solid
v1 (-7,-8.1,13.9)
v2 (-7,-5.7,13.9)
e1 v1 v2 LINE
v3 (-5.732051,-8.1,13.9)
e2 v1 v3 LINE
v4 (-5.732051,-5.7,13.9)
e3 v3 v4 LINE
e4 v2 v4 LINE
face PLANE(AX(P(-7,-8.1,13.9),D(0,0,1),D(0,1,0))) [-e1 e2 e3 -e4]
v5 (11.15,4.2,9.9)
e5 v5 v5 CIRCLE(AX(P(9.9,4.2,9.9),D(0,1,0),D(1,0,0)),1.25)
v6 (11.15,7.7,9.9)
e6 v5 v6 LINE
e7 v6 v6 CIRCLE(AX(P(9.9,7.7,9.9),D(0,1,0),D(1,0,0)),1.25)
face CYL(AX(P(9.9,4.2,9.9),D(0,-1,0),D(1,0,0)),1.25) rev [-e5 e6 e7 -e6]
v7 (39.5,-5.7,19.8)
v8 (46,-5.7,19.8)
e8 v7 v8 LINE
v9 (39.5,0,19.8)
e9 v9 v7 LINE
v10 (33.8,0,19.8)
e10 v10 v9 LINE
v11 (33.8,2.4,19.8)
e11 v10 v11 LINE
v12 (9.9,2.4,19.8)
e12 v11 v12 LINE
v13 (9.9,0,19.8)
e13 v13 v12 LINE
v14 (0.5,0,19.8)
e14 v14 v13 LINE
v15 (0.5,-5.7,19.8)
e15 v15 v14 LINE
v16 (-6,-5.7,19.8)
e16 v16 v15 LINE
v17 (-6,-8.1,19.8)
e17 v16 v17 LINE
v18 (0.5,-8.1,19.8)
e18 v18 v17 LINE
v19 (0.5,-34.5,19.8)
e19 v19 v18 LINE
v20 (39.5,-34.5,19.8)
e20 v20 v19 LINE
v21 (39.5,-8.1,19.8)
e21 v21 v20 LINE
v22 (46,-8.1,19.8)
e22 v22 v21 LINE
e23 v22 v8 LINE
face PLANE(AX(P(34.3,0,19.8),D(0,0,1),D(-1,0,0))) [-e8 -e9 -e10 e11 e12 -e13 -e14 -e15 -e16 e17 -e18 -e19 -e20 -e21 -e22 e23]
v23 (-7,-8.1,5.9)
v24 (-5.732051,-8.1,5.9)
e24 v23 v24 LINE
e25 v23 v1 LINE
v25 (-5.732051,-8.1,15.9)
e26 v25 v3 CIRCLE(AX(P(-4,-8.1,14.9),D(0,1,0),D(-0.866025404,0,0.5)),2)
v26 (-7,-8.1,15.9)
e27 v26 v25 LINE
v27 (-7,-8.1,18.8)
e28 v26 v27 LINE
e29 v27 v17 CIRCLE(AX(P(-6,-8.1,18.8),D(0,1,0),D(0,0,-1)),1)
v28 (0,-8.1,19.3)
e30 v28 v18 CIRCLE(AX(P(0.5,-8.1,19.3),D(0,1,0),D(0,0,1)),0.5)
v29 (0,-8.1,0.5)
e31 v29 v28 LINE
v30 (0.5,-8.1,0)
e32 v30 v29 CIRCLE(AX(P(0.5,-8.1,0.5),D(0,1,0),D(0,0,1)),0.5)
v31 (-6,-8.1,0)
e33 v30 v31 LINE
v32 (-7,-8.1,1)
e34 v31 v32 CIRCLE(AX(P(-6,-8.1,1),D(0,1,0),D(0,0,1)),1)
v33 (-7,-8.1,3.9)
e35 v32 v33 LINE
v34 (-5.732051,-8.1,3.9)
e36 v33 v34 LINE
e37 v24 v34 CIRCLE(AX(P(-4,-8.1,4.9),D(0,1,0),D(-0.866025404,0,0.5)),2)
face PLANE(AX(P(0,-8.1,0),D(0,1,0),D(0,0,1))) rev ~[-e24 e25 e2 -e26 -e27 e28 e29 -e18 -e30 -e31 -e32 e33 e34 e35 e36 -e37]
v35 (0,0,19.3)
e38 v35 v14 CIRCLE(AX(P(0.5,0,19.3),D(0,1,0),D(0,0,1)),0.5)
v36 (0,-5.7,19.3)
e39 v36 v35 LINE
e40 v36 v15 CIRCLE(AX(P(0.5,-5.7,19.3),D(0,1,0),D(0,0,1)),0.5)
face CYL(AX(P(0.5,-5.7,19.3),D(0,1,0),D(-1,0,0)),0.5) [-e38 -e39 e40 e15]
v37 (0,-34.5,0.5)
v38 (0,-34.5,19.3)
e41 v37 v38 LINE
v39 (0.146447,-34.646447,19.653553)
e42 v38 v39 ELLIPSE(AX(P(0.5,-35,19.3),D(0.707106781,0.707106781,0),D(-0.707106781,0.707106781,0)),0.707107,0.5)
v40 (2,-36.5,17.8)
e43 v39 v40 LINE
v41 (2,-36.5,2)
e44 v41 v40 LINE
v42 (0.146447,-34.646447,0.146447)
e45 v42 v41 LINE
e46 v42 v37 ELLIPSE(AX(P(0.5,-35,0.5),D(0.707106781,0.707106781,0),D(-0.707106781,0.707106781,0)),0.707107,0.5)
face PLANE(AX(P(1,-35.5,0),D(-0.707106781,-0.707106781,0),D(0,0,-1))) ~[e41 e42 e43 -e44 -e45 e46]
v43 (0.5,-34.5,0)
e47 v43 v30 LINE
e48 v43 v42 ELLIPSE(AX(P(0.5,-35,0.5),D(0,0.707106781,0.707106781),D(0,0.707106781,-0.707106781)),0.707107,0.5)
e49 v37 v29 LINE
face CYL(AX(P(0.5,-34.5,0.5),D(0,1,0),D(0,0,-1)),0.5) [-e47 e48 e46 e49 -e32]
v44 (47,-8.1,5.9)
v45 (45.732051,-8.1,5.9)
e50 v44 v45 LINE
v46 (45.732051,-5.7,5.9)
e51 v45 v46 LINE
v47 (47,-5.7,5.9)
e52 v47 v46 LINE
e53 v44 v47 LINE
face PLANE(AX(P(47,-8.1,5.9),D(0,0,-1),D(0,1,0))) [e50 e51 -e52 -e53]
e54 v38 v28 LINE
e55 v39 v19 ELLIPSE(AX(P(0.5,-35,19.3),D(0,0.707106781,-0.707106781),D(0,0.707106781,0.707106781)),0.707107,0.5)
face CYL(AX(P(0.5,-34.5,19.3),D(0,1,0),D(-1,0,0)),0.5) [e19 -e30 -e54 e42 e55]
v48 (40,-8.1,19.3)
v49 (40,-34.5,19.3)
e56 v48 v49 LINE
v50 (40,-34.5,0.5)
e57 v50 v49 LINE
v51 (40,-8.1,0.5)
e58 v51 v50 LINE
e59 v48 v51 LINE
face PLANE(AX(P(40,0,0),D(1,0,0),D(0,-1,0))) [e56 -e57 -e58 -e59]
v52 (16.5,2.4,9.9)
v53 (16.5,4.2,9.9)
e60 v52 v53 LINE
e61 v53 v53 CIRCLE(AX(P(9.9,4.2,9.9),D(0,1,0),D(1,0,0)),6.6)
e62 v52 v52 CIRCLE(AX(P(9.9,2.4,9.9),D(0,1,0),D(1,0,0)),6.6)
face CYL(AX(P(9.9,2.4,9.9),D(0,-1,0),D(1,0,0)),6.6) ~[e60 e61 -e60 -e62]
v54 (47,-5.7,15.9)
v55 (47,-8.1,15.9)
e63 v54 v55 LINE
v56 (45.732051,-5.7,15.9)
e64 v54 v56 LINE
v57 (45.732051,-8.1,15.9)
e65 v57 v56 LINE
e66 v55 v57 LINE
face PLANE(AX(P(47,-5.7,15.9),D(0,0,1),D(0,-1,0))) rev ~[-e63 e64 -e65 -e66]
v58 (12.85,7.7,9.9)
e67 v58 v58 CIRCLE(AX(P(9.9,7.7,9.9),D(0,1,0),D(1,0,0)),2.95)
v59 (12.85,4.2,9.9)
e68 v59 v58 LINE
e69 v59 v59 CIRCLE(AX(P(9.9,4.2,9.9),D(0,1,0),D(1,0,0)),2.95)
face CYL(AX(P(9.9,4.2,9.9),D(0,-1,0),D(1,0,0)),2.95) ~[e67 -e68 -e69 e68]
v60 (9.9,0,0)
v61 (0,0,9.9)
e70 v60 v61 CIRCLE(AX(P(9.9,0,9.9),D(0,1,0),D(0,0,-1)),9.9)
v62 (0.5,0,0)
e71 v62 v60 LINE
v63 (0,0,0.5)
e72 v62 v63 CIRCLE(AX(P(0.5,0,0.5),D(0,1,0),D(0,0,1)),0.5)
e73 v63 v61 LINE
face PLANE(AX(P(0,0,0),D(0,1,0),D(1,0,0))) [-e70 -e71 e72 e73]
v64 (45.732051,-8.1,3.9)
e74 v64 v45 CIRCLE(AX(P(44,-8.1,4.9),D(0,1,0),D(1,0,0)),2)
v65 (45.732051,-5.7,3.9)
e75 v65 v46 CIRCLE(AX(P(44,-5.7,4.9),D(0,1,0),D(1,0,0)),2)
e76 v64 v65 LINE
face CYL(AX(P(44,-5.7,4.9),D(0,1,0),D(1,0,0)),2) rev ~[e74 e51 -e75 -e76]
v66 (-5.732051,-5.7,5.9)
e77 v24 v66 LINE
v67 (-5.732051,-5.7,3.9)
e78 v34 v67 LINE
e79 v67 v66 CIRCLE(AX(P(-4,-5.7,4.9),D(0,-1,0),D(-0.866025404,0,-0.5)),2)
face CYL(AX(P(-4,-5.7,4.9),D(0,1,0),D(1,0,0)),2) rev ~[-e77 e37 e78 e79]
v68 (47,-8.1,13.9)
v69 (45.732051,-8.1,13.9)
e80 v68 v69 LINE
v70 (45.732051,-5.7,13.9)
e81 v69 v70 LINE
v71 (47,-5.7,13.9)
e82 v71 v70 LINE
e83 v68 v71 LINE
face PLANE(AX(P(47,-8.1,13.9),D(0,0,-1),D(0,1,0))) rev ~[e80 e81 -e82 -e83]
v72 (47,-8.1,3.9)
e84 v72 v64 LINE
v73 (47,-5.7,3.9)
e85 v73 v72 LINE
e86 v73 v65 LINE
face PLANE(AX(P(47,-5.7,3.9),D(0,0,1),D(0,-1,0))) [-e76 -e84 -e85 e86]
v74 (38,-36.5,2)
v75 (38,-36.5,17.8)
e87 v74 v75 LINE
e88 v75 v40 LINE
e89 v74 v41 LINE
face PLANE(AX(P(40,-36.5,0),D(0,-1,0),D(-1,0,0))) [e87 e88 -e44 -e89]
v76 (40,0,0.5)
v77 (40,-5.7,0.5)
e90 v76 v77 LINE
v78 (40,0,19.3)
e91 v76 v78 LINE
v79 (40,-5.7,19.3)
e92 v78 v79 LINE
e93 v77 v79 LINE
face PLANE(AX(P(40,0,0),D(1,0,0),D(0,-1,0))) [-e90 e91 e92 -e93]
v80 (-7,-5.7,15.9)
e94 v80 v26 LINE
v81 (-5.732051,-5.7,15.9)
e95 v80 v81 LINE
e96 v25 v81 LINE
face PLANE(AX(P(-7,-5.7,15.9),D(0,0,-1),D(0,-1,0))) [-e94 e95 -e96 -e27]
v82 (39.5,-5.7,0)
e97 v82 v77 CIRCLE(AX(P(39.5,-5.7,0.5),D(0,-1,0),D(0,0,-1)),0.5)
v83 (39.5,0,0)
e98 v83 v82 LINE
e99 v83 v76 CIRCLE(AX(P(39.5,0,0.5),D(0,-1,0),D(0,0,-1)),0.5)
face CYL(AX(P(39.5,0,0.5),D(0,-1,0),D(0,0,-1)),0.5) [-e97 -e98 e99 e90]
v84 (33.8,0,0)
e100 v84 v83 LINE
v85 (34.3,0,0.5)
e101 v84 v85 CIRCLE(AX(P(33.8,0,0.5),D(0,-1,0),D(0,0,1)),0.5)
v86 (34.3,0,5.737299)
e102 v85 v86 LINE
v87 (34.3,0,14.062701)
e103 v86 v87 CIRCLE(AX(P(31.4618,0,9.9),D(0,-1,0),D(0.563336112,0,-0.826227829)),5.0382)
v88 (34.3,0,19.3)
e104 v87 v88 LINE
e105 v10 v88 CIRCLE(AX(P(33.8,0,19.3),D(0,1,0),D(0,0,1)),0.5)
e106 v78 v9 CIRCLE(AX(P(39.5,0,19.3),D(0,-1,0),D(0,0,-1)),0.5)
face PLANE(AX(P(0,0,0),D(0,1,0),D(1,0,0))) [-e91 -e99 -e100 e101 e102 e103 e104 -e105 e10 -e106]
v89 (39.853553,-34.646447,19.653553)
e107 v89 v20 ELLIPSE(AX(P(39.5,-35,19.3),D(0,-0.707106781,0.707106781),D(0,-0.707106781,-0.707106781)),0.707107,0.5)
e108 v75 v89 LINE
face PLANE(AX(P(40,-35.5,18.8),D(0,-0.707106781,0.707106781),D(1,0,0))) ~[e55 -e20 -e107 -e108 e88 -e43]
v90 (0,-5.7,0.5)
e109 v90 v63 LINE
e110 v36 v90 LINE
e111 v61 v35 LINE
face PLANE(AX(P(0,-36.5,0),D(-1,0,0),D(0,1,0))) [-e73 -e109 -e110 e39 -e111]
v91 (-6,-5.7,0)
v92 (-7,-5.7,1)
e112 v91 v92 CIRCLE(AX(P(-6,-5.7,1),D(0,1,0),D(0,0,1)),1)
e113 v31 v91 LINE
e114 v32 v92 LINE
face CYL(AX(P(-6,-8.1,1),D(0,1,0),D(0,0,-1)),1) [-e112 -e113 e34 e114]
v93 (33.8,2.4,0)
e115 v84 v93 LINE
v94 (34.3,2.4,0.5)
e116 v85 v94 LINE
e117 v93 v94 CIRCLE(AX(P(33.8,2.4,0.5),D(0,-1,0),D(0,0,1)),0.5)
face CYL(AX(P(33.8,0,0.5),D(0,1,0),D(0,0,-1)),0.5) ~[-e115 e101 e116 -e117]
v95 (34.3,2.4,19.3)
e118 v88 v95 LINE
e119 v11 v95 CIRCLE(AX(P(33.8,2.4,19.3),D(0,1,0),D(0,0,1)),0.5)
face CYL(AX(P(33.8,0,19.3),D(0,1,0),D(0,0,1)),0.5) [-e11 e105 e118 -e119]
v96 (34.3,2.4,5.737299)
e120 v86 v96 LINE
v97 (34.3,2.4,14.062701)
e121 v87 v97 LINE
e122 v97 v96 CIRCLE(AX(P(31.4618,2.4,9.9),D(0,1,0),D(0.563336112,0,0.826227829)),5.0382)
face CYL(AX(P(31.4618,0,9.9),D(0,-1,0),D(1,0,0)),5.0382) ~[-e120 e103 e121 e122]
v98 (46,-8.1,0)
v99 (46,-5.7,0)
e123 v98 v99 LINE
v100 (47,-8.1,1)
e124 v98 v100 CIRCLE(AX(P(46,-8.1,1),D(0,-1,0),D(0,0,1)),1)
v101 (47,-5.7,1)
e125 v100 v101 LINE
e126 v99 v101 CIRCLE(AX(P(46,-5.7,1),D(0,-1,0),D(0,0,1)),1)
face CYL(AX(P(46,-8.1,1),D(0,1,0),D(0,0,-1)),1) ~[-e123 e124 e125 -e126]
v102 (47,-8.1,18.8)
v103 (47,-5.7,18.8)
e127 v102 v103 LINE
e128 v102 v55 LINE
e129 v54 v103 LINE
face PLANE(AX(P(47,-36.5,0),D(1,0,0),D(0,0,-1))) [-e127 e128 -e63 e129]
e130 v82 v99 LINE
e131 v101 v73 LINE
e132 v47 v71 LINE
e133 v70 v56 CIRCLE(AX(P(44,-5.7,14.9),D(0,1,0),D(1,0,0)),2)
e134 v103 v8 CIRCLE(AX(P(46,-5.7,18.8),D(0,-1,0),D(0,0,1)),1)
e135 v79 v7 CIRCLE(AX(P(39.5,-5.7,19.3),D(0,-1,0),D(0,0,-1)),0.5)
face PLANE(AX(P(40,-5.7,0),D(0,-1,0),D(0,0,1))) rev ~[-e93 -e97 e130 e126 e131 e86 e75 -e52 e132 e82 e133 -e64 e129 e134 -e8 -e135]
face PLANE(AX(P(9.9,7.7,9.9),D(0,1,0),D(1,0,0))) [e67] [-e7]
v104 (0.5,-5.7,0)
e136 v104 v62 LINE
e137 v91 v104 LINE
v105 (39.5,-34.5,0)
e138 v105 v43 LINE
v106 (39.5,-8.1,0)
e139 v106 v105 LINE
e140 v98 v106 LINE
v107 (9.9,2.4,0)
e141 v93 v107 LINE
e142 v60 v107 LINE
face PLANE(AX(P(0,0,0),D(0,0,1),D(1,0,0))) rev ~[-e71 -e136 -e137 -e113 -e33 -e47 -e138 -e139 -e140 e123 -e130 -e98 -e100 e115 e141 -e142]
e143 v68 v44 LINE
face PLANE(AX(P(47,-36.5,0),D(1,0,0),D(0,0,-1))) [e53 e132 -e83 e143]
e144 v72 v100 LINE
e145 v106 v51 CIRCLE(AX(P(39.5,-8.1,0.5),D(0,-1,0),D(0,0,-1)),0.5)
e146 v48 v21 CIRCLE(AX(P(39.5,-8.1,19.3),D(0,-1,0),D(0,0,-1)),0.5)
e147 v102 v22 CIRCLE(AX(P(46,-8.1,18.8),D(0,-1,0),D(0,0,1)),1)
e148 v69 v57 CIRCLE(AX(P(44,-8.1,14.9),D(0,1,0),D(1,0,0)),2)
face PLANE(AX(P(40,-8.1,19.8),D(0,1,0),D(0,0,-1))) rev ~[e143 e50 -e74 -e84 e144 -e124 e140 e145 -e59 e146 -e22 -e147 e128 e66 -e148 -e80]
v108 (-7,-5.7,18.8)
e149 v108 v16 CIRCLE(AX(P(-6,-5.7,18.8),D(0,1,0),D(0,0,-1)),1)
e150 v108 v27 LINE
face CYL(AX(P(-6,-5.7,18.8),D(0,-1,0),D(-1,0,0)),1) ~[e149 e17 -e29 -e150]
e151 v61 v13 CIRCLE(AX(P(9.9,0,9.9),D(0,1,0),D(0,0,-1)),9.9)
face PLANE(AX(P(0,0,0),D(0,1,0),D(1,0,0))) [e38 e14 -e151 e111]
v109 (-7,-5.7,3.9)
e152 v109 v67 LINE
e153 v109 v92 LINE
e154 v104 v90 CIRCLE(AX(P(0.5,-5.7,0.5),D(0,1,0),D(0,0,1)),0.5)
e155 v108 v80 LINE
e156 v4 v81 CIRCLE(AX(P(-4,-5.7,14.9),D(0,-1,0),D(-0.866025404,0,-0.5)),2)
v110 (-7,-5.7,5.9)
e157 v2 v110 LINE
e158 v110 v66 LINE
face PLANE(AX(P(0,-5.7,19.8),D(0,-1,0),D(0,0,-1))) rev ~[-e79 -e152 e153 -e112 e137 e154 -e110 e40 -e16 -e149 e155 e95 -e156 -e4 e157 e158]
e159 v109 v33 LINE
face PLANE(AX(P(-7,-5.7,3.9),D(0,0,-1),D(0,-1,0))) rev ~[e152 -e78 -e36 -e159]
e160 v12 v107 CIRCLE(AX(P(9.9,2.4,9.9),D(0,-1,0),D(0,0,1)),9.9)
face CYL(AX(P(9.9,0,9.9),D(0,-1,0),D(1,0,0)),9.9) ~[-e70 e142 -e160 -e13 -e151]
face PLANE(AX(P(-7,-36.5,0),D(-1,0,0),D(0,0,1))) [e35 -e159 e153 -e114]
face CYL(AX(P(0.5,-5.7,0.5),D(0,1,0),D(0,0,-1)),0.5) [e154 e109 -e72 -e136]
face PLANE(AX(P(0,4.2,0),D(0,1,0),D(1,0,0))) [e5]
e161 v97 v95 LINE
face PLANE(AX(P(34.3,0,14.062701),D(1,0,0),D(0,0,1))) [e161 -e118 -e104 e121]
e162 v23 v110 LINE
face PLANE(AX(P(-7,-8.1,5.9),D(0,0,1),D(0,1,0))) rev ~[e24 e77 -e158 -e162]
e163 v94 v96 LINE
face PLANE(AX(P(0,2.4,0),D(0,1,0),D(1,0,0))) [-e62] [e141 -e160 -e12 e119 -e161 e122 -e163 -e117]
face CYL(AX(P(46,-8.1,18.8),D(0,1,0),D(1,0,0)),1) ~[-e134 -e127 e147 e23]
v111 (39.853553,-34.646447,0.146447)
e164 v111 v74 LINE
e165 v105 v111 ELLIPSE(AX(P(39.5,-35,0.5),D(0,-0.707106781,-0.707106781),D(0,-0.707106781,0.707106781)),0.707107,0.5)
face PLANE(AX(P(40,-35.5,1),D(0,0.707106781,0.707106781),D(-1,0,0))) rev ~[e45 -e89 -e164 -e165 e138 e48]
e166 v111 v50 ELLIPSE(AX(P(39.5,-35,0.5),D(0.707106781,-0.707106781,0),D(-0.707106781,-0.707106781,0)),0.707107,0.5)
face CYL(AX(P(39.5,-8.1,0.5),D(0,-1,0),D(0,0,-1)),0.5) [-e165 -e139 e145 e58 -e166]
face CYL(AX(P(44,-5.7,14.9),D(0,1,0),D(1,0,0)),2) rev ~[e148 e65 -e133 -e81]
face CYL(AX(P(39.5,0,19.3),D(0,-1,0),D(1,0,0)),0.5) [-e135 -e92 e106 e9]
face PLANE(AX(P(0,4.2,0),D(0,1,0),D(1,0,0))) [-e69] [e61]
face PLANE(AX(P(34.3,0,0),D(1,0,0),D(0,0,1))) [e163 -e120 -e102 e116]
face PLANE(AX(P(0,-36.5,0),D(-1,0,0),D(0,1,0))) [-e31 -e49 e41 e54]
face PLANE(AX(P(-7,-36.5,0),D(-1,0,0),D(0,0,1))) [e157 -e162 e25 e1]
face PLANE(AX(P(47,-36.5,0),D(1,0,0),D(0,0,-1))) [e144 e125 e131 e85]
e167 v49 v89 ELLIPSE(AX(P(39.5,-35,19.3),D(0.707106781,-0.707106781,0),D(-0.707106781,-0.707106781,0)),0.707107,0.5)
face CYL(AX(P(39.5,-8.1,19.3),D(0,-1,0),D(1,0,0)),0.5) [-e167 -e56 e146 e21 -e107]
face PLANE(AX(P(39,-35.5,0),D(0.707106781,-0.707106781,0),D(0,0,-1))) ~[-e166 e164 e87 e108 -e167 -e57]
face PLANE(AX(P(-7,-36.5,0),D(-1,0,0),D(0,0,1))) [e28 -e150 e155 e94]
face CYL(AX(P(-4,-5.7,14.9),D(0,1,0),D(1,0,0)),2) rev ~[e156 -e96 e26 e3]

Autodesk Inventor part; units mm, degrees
ref_plane "YZ Plane" through (0, 0, 0) normal (1, 0, 0) x (0, 1, 0)
ref_plane "XZ Plane" through (0, 0, 0) normal (0, 1, 0) x (-1, 0, 0)
ref_plane "XY Plane" through (0, 0, 0) normal (0, 0, 1) x (1, 0, 0)
sketch "Эскиз1" plane through (0, 0, 0) normal (0, 0, 1) x (1, 0, 0)
  line L0 (0, 0) -> (40, 0)
  line L1 (40, 0) -> (40, -36.5)
  line L2 (40, -36.5) -> (0, -36.5)
  line L3 (0, -36.5) -> (0, 0)
  dimension "d0" = 36.5
  dimension "d1" = 40
extrude "Выдавливание1" add sketch "Эскиз1" along normal blind 19.8
sketch "Эскиз2" plane through (0, 0, 0) normal (0, 1, 0) x (1, 0, 0)
  line L0 (0, 0) -> (0, -19.8) projected
  line L1 (40, 0) -> (0, 0) projected
  circle A0 centre (9.9, -9.9) radius 9.9
  line L2 (9.9, 0) -> (34.3, 0)
  line L3 (34.3, 0) -> (34.3, -19.8)
  line L4 (34.3, -19.8) -> (9.9, -19.8)
  line L5 (9.9, -19.8) -> (9.9, 0)
  line L6 (40, 0) -> (40, -19.8) projected
  circle A1 centre (31.4618, -9.9) radius 5.0382
  point P0 (0, -9.9)
  point P1 (36.5, -9.9)
  point P2 (9.9, 0)
  point P3 (9.9, -19.8)
  point P4 (34.3, -14.0627)
  point P5 (34.3, -5.7373)
  dimension "d4" = 9.9
  dimension "d5" = 9.9
  dimension "d6" = 5.7
  dimension "d7" = 3.5
extrude "Выдавливание2" add sketch "Эскиз2" along normal blind 2.4 contours A0 L5 | L1 L3 A1 L4 A0 | A0 L5 | A1 L3 | L3 A1
sketch "Эскиз3" plane through (0, 2.4, 0) normal (0, 1, 0) x (1, 0, 0)
  line L0 (0, -9.9) -> (0, -19.8) projected
  circle A0 centre (9.9, -9.9) radius 6.6
  point P0 (0, 0)
  point P1 (9.9, 0)
  dimension "d10" = 13.2
extrude "Выдавливание3" add sketch "Эскиз3" along normal blind 1.8
sketch "Эскиз4" plane through (9.9, 4.2, 9.9) normal (0, 1, 0) x (1, 0, 0)
  circle A0 centre (0, 0) radius 2.95
  circle A1 centre (0, 0) radius 1.25
  point P0 (-9.9, 9.9)
  dimension "d13" = 5.9
  dimension "d16" = 2.5
extrude "Выдавливание4" add sketch "Эскиз4" along normal blind 3.5
sketch "Эскиз5" plane through (40, -36.5, 0) normal (1, 0, 0) x (0, 0, -1)
  line L0 (-19.8, 0) -> (-19.8, 36.5) projected
  line L1 (0, 0) -> (0, 36.5) projected
  line L2 (-19.8, 28.4) -> (0, 28.4)
  line L3 (0, 28.4) -> (0, 30.8)
  line L4 (0, 30.8) -> (-19.8, 30.8)
  line L5 (-19.8, 30.8) -> (-19.8, 28.4)
  line L6 (0, 0) -> (-19.8, 0) projected
  point P0 (0, 28.4)
  dimension "d17" = 28.4
  dimension "d18" = 2.4
extrude "Выдавливание5" add sketch "Эскиз5" along normal blind 7 contours L0 L4 L1 L2
sketch "Эскиз6" plane through (0, -36.5, 0) normal (-1, 0, 0) x (0, 0, 1)
  line L0 (19.8, 30.8) -> (0, 30.8) projected
  line L1 (0, 28.4) -> (19.8, 28.4) projected
  line L2 (0, 30.8) -> (19.8, 30.8)
  line L3 (19.8, 30.8) -> (19.8, 28.4)
  line L4 (19.8, 28.4) -> (0, 28.4)
  line L5 (0, 28.4) -> (0, 30.8)
  point P0 (0, 36.5)
extrude "Выдавливание6" add sketch "Эскиз6" along normal blind 7
sketch "Эскиз7" plane through (0, -5.7, 19.8) normal (0, 1, 0) x (1, 0, 0)
  line L0 (-7, 0) -> (-7, 19.8) projected
  circle A0 centre (-4, 14.9) radius 2
  circle A1 centre (44, 14.9) radius 2
  line L1 (47, 19.8) -> (47, 0) projected
  circle A2 centre (-4, 4.9) radius 2
  circle A3 centre (44, 4.9) radius 2
  point P0 (0, 19.8)
  point P1 (-7, 9.9)
  dimension "d23" = 4
  dimension "d24" = 5
  dimension "d25" = 3
  dimension "d26" = 4
  dimension "d27" = 48
  dimension "d28" = 3
  dimension "d29" = 4
  dimension "d30" = 5
extrude "Выдавливание7" cut sketch "Эскиз7" against normal blind 10
fillet "Сопряжение1" radius 1 4 edges at (-7, -6.9, 19.8) (-7, -6.9, 0) (47, -6.9, 19.8) (47, -6.9, 0)
chamfer "Фаска1" distance 2 angle 45 4 edges at (20, -36.5, 0) (0, -36.5, 9.9) (20, -36.5, 19.8) (40, -36.5, 9.9)
fillet "Сопряжение3" radius 0.5 10 edges at (0, -21.3, 0) (0, -21.3, 19.8) (0, -2.85, 0) (0, -2.85, 19.8) (40, -21.3, 0) (40, -2.85, 0) (34.3, 1.2, 0) (34.3, 1.2, 19.8) (40, -2.85, 19.8) (40, -21.3, 19.8)
sketch "Эскиз8" plane through (47, -36.5, 0) normal (1, 0, 0) x (0, 0, -1)
  line L0 (-0.5, 30.8) -> (-19.3, 30.8) projected
  line L1 (-19.3, 28.4) -> (-0.5, 28.4) projected
  line L2 (-13.9, 30.8) -> (-15.9, 30.8)
  line L3 (-15.9, 30.8) -> (-15.9, 28.4)
  line L4 (-15.9, 28.4) -> (-13.9, 28.4)
  line L5 (-13.9, 28.4) -> (-13.9, 30.8)
  line L6 (-1, 30.8) -> (-18.8, 30.8) projected
  line L7 (-18.8, 28.4) -> (-1, 28.4) projected
  line L8 (-5.9, 30.8) -> (-3.9, 30.8)
  line L9 (-3.9, 30.8) -> (-3.9, 28.4)
  line L10 (-3.9, 28.4) -> (-5.9, 28.4)
  line L11 (-5.9, 28.4) -> (-5.9, 30.8)
  point P0 (0, 36.5)
  point P1 (-9.9, 30.8)
  point P2 (-14.9, 31.074)
  point P3 (-4.9, 31.074)
  point P4 (-14.9, 30.8)
  dimension "d39" = 5
  dimension "d40" = 1
  dimension "d41" = 4
  dimension "d42" = 4
  dimension "d43" = 6
extrude "Выдавливание8" cut sketch "Эскиз8" against normal blind 2 contours L9 L1 L11 L0 | L5 L1 L3 L0
sketch "Эскиз9" plane through (-7, -36.5, 0) normal (-1, 0, 0) x (0, 0, 1)
  line L0 (18.8, 30.8) -> (1, 30.8) projected
  line L1 (1, 28.4) -> (18.8, 28.4) projected
  line L2 (5.9, 30.8) -> (3.9, 30.8)
  line L3 (3.9, 30.8) -> (3.9, 28.4)
  line L4 (3.9, 28.4) -> (5.9, 28.4)
  line L5 (5.9, 28.4) -> (5.9, 30.8)
  line L6 (13.9, 30.8) -> (15.9, 30.8)
  line L7 (15.9, 30.8) -> (15.9, 28.4)
  line L8 (15.9, 28.4) -> (13.9, 28.4)
  line L9 (13.9, 28.4) -> (13.9, 30.8)
  point P0 (0, 36.5)
  point P1 (9.9, 30.8)
  dimension "d46" = 4
  dimension "d47" = 6
  dimension "d48" = 4
  dimension "d49" = 6
extrude "Выдавливание9" cut sketch "Эскиз9" against normal blind 2 contours L7 L1 L9 L0 | L5 L1 L3 L0
properties part number "MG996R" material "Чугун, литейный"
